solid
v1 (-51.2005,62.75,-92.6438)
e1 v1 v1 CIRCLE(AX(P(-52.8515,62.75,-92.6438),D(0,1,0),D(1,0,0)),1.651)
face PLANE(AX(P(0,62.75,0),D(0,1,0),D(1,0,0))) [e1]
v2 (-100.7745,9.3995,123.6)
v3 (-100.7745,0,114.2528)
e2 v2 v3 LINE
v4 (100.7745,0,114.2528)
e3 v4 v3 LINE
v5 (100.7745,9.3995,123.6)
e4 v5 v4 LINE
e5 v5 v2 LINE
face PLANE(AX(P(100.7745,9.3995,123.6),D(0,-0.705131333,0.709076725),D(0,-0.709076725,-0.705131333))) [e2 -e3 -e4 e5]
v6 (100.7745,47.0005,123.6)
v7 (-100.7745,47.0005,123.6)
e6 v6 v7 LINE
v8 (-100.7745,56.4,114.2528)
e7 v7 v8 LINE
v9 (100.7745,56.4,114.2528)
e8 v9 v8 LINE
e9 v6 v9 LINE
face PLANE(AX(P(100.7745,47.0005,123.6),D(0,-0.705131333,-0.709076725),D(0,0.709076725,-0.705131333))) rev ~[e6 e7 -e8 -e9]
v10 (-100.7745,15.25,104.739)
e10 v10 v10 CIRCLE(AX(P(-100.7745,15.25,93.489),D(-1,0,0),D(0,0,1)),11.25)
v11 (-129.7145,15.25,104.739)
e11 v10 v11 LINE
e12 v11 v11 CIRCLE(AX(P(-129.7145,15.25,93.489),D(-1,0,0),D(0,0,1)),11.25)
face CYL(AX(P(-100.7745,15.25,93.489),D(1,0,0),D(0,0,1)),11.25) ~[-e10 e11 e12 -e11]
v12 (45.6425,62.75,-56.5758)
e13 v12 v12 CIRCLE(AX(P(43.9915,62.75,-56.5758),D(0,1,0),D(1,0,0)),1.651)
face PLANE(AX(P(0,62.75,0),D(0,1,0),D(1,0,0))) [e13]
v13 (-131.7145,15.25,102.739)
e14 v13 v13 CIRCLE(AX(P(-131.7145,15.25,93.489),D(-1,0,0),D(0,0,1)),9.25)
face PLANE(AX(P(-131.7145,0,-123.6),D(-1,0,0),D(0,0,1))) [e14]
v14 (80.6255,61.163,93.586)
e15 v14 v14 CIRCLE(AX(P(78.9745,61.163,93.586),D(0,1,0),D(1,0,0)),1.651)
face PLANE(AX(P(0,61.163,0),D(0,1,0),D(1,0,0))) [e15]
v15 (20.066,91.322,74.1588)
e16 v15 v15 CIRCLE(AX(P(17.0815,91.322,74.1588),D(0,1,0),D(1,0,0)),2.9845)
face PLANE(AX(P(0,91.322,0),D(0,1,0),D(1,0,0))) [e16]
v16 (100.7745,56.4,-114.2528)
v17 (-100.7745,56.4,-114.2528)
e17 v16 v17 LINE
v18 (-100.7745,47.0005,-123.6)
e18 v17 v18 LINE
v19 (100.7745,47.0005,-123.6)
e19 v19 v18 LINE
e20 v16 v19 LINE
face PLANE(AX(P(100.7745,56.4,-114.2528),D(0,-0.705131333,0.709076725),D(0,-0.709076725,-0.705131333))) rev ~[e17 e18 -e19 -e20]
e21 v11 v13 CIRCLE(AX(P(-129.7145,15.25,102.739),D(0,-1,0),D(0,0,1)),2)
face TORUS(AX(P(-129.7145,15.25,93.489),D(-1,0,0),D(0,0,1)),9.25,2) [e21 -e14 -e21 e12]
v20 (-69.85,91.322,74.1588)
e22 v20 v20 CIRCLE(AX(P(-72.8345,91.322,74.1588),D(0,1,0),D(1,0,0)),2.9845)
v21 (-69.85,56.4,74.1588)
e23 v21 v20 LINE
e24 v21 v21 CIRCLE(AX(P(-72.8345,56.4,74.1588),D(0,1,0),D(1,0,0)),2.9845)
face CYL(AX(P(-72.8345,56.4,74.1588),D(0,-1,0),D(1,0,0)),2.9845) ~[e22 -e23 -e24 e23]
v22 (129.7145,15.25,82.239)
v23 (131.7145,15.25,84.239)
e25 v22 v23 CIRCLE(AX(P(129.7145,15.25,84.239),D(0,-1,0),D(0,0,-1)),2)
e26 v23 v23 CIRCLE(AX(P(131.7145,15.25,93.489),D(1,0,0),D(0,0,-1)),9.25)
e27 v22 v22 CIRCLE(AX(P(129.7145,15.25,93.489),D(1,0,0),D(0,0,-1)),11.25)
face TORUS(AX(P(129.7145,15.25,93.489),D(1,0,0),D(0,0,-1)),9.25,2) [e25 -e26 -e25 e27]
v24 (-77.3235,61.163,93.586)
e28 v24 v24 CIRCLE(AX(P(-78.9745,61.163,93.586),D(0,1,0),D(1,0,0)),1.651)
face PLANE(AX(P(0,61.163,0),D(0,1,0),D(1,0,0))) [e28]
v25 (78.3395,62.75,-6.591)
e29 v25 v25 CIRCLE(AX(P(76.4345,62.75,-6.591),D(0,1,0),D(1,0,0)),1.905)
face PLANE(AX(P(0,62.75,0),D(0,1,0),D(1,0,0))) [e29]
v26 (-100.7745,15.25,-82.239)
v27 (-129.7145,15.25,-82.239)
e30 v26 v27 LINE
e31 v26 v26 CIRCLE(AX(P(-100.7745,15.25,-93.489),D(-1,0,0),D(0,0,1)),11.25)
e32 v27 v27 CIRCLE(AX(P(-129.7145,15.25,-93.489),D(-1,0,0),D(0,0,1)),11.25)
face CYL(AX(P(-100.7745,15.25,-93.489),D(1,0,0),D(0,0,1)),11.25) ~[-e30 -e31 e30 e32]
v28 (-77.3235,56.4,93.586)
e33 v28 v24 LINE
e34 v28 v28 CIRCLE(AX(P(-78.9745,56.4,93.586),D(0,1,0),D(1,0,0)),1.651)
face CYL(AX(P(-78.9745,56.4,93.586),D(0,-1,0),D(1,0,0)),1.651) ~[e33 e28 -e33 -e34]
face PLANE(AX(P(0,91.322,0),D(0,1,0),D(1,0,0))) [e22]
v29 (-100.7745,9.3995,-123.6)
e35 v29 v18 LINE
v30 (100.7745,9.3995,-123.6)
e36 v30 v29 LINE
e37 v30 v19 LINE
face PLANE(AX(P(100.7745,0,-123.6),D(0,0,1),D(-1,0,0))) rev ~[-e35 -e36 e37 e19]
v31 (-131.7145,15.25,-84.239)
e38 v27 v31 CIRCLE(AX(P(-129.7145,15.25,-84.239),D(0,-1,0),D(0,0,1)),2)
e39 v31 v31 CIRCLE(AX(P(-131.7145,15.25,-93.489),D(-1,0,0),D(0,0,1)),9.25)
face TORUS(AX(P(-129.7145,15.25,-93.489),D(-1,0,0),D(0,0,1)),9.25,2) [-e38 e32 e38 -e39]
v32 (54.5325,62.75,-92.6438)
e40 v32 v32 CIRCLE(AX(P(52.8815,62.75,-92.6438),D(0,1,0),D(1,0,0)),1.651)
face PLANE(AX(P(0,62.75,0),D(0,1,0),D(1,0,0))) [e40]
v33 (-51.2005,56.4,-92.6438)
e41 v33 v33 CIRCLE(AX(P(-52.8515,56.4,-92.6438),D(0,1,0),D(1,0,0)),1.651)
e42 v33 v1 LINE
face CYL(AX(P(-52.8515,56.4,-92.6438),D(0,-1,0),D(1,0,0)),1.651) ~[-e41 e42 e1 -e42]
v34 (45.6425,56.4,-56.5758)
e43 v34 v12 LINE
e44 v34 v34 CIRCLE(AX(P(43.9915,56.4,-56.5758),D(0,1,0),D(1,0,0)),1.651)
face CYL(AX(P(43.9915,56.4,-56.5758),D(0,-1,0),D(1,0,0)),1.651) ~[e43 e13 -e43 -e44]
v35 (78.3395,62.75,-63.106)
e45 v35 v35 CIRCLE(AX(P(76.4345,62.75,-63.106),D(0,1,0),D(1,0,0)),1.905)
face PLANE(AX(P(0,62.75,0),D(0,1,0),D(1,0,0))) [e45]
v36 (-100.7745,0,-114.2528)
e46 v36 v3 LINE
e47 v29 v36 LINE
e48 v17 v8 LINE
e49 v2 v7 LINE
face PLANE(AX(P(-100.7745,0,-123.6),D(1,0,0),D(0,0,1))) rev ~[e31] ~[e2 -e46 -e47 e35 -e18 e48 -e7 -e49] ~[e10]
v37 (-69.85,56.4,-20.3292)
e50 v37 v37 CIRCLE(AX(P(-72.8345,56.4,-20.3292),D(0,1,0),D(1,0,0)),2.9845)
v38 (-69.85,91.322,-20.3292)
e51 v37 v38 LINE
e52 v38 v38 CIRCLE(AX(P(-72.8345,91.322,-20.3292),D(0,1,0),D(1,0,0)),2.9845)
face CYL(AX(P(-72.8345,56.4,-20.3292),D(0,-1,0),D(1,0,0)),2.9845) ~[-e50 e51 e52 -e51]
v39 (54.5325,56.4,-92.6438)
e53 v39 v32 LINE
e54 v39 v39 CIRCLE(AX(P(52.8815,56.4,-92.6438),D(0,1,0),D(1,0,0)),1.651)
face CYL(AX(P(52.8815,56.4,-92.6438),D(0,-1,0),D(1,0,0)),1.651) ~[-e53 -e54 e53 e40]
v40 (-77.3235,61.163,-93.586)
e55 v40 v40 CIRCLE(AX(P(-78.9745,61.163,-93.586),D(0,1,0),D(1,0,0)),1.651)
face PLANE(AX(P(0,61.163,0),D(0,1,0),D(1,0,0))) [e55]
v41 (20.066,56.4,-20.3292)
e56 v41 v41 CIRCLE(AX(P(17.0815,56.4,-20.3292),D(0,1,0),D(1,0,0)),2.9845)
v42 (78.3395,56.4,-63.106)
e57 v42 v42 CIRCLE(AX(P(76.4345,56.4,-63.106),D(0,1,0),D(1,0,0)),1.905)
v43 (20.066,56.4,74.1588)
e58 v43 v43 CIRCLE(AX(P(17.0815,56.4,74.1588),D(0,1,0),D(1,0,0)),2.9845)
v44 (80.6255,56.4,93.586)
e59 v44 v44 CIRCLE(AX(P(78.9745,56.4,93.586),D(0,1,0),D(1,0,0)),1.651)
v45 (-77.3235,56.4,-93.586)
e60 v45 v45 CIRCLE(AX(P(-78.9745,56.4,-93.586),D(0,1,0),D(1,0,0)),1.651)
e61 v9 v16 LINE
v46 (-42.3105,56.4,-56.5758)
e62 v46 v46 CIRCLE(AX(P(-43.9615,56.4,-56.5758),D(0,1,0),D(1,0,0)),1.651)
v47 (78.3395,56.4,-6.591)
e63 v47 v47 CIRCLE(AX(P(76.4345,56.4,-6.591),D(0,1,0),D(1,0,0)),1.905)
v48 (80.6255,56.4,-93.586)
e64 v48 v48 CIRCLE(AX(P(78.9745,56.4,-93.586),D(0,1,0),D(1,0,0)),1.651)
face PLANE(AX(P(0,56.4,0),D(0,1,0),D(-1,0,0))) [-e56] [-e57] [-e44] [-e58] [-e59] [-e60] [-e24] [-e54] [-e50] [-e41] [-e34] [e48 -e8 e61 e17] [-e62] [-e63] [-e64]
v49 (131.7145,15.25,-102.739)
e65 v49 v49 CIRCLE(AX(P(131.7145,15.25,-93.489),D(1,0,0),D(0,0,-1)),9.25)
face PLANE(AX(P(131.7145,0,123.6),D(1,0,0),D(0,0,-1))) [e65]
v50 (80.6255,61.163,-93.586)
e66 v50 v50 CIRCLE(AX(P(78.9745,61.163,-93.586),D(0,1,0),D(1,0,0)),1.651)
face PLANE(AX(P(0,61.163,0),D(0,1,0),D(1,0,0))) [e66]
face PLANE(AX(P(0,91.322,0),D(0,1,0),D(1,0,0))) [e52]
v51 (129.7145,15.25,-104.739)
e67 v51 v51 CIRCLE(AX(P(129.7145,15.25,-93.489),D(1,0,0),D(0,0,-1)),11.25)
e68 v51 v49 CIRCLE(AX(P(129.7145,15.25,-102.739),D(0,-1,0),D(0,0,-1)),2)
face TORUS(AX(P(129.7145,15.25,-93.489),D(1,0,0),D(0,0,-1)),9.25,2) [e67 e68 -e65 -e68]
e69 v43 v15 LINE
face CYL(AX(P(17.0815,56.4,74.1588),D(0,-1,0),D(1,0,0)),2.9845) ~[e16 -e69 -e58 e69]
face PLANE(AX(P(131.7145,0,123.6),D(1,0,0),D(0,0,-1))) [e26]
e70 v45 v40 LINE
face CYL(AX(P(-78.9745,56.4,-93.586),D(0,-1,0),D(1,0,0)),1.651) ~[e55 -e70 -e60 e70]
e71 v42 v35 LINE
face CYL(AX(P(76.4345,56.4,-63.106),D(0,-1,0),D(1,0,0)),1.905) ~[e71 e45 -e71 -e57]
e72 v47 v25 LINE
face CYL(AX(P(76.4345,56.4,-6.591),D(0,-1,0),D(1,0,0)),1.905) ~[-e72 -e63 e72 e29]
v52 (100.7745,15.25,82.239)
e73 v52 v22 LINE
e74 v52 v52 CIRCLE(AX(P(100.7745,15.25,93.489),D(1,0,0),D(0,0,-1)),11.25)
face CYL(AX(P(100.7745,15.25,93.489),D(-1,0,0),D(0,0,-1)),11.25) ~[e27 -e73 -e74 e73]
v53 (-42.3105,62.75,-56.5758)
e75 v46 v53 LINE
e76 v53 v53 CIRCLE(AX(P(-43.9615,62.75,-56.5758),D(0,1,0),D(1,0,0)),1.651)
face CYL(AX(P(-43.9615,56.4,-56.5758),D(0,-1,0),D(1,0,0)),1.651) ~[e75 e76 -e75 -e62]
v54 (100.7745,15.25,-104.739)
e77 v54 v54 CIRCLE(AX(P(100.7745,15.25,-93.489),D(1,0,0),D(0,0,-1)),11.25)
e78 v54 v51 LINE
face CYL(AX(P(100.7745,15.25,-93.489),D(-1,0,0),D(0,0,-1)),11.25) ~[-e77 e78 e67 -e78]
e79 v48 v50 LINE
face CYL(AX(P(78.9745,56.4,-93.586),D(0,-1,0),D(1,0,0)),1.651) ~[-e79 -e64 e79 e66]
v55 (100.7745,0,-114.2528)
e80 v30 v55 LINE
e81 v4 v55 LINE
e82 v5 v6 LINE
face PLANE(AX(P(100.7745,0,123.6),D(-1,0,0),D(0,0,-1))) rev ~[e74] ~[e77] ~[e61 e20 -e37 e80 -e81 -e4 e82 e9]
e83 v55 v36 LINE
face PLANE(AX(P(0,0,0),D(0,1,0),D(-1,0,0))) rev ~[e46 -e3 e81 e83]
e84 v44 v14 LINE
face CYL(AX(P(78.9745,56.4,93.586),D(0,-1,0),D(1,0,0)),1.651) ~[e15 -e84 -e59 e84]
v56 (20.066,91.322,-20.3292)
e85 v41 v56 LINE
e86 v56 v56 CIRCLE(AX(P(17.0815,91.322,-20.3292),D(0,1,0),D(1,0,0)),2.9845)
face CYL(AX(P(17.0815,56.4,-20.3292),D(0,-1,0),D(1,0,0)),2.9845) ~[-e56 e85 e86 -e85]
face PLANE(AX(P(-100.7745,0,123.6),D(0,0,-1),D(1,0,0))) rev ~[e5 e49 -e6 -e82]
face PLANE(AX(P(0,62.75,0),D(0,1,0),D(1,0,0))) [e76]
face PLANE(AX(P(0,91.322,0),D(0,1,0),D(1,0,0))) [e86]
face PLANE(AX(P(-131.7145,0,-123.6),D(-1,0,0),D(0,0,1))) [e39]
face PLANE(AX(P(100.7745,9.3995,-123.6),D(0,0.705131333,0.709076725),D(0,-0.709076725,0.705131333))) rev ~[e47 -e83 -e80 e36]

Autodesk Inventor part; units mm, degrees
ref_plane "YZ Plane" through (0, 0, 0) normal (1, 0, 0) x (0, 1, 0)
ref_plane "XZ Plane" through (0, 0, 0) normal (0, 1, 0) x (-1, 0, 0)
ref_plane "XY Plane" through (0, 0, 0) normal (0, 0, 1) x (1, 0, 0)
sketch "Sketch1" plane through (0, 0, 0) normal (0, 1, 0) x (-1, 0, 0)
  line L0 (100.7745, 123.6) -> (-100.7745, 123.6)
  line L1 (-100.7745, 123.6) -> (-100.7745, -123.6)
  line L2 (-100.7745, -123.6) -> (100.7745, -123.6)
  line L3 (100.7745, -123.6) -> (100.7745, 123.6)
  point P0 (0, 0)
  point P1 (100.7745, 0)
  point P2 (0, 123.6)
  dimension "d0" = 247.2
  dimension "d1" = 201.549
extrude "Extrusion1" add sketch "Sketch1" along normal blind 56.4
sketch "Sketch3" plane through (100.7745, 0, 123.6) normal (1, 0, 0) x (0, 0, -1)
  circle A0 centre (30.111, 15.25) radius 11.25
  circle A1 centre (217.089, 15.25) radius 11.25
  line L0 (247.2, 0) -> (0, 0) projected
  line L1 (0, 0) -> (0, 56.4) projected
  line L2 (247.2, 56.4) -> (0, 56.4) projected
  line L3 (247.2, 0) -> (247.2, 56.4) projected
  point P0 (123.6, 0)
  dimension "d12" = 4
  dimension "d13" = 4
  dimension "d50" = 30.111
  dimension "d51" = 15.25
  dimension "d52" = 15.25
  dimension "d53" = 30.111
extrude "Extrusion3" add sketch "Sketch3" along normal blind 30.94 contours A0 | A1
sketch "Sketch5" plane through (-100.7745, 0, -123.6) normal (-1, 0, 0) x (0, 0, 1)
  circle A0 centre (217.089, 15.25) radius 11.25 projected
  circle A1 centre (30.111, 15.25) radius 11.25 projected
  circle A2 centre (30.111, 15.25) radius 11.25
  circle A3 centre (217.089, 15.25) radius 11.25
  point P0 (123.6, 0)
extrude "Extrusion5" add sketch "Sketch5" along normal blind 30.94
sketch "Sketch8" plane through (100.7745, 0, 123.6) normal (1, 0, 0) x (0, 0, -1)
  line L0 (0, 0) -> (0, 56.4) projected
  line L1 (0, 47.0005) -> (9.3472, 56.4)
  line L2 (0, 9.3995) -> (9.3472, 0)
  line L3 (0, 56.4) -> (247.2, 56.4) projected
  line L4 (237.8528, 56.4) -> (247.2, 47.0005)
  line L5 (247.2, 0) -> (247.2, 56.4) projected
  line L6 (247.2, 9.3995) -> (237.8528, 0)
  line L7 (0, 0) -> (247.2, 0) projected
  point P0 (123.6, 0)
  dimension "d22" = 13.256
  dimension "d23" = 135.16
  dimension "d24" = 135.16
  dimension "d25" = 135.16
  dimension "d26" = 135.16
extrude "Extrusion6" cut sketch "Sketch8" against normal through all contours L0 L2 L7 | L0 L3 L1 | L6 L5 L7 | L3 L5 L4
sketch "Sketch9" plane through (0, 56.4, 0) normal (0, 1, 0) x (1, 0, 0)
  circle A0 centre (78.9745, -93.586) radius 1.651
  line L0 (100.7745, -123.6) -> (-100.7745, -123.6) projected
  line L1 (100.7745, -114.2528) -> (100.7745, 114.2528) projected
  circle A1 centre (78.9745, 93.586) radius 1.651
  circle A2 centre (-78.9745, 93.586) radius 1.651
  circle A3 centre (-78.9745, -93.586) radius 1.651
  line L2 (-100.7745, 123.6) -> (100.7745, 123.6) projected
  line L3 (-100.7745, 114.2528) -> (-100.7745, -114.2528) projected
  point P0 (0, 0)
  dimension "d29" = 30.014
  dimension "d30" = 21.8
  dimension "d31" = 3.302
  dimension "d32" = 3.302
  dimension "d33" = 3.302
  dimension "d34" = 3.302
  dimension "d35" = 21.8
  dimension "d36" = 30.014
  dimension "d37" = 21.8
  dimension "d38" = 30.014
  dimension "d39" = 21.8
  dimension "d40" = 30.014
extrude "Extrusion7" add sketch "Sketch9" along normal blind 4.763
sketch "Sketch10" plane through (0, 56.4, 0) normal (0, 1, 0) x (1, 0, 0)
  circle A0 centre (76.4345, 63.106) radius 1.905
  circle A1 centre (76.4345, 6.591) radius 1.905
  line L0 (100.7745, -114.2528) -> (100.7745, 114.2528) projected
  line L1 (-100.7745, 123.6) -> (100.7745, 123.6) projected
  point P0 (0, 0)
  dimension "d43" = 24.34
  dimension "d44" = 3.81
  dimension "d45" = 3.81
  dimension "d46" = 60.494
  dimension "d47" = 56.515
extrude "Extrusion8" add sketch "Sketch10" along normal blind 6.35
fillet "Fillet1" radius 2 4 edges at (131.7145, 15.25, 104.739) (131.7145, 15.25, -82.239) (-131.7145, 15.25, -104.739) (-131.7145, 15.25, 82.239)
sketch "Sketch11" plane through (0, 56.4, 0) normal (0, 1, 0) x (1, 0, 0)
  circle A0 centre (76.4345, 63.106) radius 1.905 projected
  circle A1 centre (76.4345, 6.591) radius 1.905 projected
  circle A2 centre (-78.9745, 93.586) radius 1.651 projected
  circle A3 centre (78.9745, -93.586) radius 1.651 projected
  circle A4 centre (78.9745, 93.586) radius 1.651 projected
  circle A5 centre (-78.9745, -93.586) radius 1.651 projected
  line L0 (100.7745, 114.2528) -> (-100.7745, 114.2528) projected
  line L1 (-100.7745, 114.2528) -> (-100.7745, -114.2528) projected
  line L2 (-100.7745, -114.2528) -> (100.7745, -114.2528) projected
  line L3 (100.7745, -114.2528) -> (100.7745, 114.2528) projected
  circle A6 centre (-43.9615, 56.5758) radius 1.651
  circle A7 centre (-52.8515, 92.6438) radius 1.651
  circle A8 centre (52.8815, 92.6438) radius 1.651
  circle A9 centre (43.9915, 56.5758) radius 1.651
  point P0 (0, 0)
  dimension "d58" = 21.609
  dimension "d62" = 21.609
  dimension "d63" = 3.302
  dimension "d79" = 87.953
  dimension "d80" = 105.733
  dimension "d81" = 36.068
  dimension "d82" = 36.068
  dimension "d83" = 47.893
  dimension "d84" = 56.783
extrude "Extrusion9" add sketch "Sketch11" along normal blind 6.35 contours A6 | A7 | A8 | A9
sketch "Sketch12" plane through (0, 56.4, 0) normal (0, 1, 0) x (1, 0, 0)
  circle A0 centre (52.8815, 92.6438) radius 1.651 projected
  circle A1 centre (-43.9615, 56.5758) radius 1.651 projected
  circle A2 centre (-52.8515, 92.6438) radius 1.651 projected
  circle A3 centre (43.9915, 56.5758) radius 1.651 projected
  circle A4 centre (76.4345, 63.106) radius 1.905 projected
  circle A5 centre (76.4345, 6.591) radius 1.905 projected
  circle A6 centre (-78.9745, 93.586) radius 1.651 projected
  circle A7 centre (78.9745, -93.586) radius 1.651 projected
  circle A8 centre (78.9745, 93.586) radius 1.651 projected
  circle A9 centre (-78.9745, -93.586) radius 1.651 projected
  line L0 (100.7745, 114.2528) -> (-100.7745, 114.2528) projected
  line L1 (-100.7745, 114.2528) -> (-100.7745, -114.2528) projected
  line L2 (-100.7745, -114.2528) -> (100.7745, -114.2528) projected
  line L3 (100.7745, -114.2528) -> (100.7745, 114.2528) projected
  circle A10 centre (-72.8345, 20.3292) radius 2.9845
  circle A11 centre (17.0815, 20.3292) radius 2.9845
  circle A12 centre (17.0815, -74.1588) radius 2.9845
  circle A13 centre (-72.8345, -74.1588) radius 2.9845
  point P0 (0, 0)
  dimension "d66" = 27.94
  dimension "d67" = 27.94
  dimension "d68" = 117.856
  dimension "d69" = 117.856
  dimension "d70" = 40.094
  dimension "d71" = 40.094
  dimension "d74" = 5.969
  dimension "d77" = 94.488
  dimension "d78" = 94.488
extrude "Extrusion10" add sketch "Sketch12" along normal blind 34.922 contours A10 | A11 | A12 | A13
equation "\"d13\" = d12"
equation "\"d52\" = d51"
equation "\"d53\" = d50"
equation "\"d24\" = d23"
equation "\"d25\" = d23"
equation "\"d26\" = d23"
equation "\"d32\" = d31"
equation "\"d33\" = d31"
equation "\"d34\" = d31"
equation "\"d35\" = d30"
equation "\"d36\" = d29"
equation "\"d37\" = d30"
equation "\"d38\" = d29"
equation "\"d39\" = d30"
equation "\"d40\" = d29"
equation "\"d45\" = d44"
equation "\"d62\" = d58"
equation "\"d82\" = d81"
equation "\"d67\" = d66"
equation "\"d69\" = d68"
equation "\"d71\" = d70"
equation "\"d78\" = d77"
properties part number "chassis"
